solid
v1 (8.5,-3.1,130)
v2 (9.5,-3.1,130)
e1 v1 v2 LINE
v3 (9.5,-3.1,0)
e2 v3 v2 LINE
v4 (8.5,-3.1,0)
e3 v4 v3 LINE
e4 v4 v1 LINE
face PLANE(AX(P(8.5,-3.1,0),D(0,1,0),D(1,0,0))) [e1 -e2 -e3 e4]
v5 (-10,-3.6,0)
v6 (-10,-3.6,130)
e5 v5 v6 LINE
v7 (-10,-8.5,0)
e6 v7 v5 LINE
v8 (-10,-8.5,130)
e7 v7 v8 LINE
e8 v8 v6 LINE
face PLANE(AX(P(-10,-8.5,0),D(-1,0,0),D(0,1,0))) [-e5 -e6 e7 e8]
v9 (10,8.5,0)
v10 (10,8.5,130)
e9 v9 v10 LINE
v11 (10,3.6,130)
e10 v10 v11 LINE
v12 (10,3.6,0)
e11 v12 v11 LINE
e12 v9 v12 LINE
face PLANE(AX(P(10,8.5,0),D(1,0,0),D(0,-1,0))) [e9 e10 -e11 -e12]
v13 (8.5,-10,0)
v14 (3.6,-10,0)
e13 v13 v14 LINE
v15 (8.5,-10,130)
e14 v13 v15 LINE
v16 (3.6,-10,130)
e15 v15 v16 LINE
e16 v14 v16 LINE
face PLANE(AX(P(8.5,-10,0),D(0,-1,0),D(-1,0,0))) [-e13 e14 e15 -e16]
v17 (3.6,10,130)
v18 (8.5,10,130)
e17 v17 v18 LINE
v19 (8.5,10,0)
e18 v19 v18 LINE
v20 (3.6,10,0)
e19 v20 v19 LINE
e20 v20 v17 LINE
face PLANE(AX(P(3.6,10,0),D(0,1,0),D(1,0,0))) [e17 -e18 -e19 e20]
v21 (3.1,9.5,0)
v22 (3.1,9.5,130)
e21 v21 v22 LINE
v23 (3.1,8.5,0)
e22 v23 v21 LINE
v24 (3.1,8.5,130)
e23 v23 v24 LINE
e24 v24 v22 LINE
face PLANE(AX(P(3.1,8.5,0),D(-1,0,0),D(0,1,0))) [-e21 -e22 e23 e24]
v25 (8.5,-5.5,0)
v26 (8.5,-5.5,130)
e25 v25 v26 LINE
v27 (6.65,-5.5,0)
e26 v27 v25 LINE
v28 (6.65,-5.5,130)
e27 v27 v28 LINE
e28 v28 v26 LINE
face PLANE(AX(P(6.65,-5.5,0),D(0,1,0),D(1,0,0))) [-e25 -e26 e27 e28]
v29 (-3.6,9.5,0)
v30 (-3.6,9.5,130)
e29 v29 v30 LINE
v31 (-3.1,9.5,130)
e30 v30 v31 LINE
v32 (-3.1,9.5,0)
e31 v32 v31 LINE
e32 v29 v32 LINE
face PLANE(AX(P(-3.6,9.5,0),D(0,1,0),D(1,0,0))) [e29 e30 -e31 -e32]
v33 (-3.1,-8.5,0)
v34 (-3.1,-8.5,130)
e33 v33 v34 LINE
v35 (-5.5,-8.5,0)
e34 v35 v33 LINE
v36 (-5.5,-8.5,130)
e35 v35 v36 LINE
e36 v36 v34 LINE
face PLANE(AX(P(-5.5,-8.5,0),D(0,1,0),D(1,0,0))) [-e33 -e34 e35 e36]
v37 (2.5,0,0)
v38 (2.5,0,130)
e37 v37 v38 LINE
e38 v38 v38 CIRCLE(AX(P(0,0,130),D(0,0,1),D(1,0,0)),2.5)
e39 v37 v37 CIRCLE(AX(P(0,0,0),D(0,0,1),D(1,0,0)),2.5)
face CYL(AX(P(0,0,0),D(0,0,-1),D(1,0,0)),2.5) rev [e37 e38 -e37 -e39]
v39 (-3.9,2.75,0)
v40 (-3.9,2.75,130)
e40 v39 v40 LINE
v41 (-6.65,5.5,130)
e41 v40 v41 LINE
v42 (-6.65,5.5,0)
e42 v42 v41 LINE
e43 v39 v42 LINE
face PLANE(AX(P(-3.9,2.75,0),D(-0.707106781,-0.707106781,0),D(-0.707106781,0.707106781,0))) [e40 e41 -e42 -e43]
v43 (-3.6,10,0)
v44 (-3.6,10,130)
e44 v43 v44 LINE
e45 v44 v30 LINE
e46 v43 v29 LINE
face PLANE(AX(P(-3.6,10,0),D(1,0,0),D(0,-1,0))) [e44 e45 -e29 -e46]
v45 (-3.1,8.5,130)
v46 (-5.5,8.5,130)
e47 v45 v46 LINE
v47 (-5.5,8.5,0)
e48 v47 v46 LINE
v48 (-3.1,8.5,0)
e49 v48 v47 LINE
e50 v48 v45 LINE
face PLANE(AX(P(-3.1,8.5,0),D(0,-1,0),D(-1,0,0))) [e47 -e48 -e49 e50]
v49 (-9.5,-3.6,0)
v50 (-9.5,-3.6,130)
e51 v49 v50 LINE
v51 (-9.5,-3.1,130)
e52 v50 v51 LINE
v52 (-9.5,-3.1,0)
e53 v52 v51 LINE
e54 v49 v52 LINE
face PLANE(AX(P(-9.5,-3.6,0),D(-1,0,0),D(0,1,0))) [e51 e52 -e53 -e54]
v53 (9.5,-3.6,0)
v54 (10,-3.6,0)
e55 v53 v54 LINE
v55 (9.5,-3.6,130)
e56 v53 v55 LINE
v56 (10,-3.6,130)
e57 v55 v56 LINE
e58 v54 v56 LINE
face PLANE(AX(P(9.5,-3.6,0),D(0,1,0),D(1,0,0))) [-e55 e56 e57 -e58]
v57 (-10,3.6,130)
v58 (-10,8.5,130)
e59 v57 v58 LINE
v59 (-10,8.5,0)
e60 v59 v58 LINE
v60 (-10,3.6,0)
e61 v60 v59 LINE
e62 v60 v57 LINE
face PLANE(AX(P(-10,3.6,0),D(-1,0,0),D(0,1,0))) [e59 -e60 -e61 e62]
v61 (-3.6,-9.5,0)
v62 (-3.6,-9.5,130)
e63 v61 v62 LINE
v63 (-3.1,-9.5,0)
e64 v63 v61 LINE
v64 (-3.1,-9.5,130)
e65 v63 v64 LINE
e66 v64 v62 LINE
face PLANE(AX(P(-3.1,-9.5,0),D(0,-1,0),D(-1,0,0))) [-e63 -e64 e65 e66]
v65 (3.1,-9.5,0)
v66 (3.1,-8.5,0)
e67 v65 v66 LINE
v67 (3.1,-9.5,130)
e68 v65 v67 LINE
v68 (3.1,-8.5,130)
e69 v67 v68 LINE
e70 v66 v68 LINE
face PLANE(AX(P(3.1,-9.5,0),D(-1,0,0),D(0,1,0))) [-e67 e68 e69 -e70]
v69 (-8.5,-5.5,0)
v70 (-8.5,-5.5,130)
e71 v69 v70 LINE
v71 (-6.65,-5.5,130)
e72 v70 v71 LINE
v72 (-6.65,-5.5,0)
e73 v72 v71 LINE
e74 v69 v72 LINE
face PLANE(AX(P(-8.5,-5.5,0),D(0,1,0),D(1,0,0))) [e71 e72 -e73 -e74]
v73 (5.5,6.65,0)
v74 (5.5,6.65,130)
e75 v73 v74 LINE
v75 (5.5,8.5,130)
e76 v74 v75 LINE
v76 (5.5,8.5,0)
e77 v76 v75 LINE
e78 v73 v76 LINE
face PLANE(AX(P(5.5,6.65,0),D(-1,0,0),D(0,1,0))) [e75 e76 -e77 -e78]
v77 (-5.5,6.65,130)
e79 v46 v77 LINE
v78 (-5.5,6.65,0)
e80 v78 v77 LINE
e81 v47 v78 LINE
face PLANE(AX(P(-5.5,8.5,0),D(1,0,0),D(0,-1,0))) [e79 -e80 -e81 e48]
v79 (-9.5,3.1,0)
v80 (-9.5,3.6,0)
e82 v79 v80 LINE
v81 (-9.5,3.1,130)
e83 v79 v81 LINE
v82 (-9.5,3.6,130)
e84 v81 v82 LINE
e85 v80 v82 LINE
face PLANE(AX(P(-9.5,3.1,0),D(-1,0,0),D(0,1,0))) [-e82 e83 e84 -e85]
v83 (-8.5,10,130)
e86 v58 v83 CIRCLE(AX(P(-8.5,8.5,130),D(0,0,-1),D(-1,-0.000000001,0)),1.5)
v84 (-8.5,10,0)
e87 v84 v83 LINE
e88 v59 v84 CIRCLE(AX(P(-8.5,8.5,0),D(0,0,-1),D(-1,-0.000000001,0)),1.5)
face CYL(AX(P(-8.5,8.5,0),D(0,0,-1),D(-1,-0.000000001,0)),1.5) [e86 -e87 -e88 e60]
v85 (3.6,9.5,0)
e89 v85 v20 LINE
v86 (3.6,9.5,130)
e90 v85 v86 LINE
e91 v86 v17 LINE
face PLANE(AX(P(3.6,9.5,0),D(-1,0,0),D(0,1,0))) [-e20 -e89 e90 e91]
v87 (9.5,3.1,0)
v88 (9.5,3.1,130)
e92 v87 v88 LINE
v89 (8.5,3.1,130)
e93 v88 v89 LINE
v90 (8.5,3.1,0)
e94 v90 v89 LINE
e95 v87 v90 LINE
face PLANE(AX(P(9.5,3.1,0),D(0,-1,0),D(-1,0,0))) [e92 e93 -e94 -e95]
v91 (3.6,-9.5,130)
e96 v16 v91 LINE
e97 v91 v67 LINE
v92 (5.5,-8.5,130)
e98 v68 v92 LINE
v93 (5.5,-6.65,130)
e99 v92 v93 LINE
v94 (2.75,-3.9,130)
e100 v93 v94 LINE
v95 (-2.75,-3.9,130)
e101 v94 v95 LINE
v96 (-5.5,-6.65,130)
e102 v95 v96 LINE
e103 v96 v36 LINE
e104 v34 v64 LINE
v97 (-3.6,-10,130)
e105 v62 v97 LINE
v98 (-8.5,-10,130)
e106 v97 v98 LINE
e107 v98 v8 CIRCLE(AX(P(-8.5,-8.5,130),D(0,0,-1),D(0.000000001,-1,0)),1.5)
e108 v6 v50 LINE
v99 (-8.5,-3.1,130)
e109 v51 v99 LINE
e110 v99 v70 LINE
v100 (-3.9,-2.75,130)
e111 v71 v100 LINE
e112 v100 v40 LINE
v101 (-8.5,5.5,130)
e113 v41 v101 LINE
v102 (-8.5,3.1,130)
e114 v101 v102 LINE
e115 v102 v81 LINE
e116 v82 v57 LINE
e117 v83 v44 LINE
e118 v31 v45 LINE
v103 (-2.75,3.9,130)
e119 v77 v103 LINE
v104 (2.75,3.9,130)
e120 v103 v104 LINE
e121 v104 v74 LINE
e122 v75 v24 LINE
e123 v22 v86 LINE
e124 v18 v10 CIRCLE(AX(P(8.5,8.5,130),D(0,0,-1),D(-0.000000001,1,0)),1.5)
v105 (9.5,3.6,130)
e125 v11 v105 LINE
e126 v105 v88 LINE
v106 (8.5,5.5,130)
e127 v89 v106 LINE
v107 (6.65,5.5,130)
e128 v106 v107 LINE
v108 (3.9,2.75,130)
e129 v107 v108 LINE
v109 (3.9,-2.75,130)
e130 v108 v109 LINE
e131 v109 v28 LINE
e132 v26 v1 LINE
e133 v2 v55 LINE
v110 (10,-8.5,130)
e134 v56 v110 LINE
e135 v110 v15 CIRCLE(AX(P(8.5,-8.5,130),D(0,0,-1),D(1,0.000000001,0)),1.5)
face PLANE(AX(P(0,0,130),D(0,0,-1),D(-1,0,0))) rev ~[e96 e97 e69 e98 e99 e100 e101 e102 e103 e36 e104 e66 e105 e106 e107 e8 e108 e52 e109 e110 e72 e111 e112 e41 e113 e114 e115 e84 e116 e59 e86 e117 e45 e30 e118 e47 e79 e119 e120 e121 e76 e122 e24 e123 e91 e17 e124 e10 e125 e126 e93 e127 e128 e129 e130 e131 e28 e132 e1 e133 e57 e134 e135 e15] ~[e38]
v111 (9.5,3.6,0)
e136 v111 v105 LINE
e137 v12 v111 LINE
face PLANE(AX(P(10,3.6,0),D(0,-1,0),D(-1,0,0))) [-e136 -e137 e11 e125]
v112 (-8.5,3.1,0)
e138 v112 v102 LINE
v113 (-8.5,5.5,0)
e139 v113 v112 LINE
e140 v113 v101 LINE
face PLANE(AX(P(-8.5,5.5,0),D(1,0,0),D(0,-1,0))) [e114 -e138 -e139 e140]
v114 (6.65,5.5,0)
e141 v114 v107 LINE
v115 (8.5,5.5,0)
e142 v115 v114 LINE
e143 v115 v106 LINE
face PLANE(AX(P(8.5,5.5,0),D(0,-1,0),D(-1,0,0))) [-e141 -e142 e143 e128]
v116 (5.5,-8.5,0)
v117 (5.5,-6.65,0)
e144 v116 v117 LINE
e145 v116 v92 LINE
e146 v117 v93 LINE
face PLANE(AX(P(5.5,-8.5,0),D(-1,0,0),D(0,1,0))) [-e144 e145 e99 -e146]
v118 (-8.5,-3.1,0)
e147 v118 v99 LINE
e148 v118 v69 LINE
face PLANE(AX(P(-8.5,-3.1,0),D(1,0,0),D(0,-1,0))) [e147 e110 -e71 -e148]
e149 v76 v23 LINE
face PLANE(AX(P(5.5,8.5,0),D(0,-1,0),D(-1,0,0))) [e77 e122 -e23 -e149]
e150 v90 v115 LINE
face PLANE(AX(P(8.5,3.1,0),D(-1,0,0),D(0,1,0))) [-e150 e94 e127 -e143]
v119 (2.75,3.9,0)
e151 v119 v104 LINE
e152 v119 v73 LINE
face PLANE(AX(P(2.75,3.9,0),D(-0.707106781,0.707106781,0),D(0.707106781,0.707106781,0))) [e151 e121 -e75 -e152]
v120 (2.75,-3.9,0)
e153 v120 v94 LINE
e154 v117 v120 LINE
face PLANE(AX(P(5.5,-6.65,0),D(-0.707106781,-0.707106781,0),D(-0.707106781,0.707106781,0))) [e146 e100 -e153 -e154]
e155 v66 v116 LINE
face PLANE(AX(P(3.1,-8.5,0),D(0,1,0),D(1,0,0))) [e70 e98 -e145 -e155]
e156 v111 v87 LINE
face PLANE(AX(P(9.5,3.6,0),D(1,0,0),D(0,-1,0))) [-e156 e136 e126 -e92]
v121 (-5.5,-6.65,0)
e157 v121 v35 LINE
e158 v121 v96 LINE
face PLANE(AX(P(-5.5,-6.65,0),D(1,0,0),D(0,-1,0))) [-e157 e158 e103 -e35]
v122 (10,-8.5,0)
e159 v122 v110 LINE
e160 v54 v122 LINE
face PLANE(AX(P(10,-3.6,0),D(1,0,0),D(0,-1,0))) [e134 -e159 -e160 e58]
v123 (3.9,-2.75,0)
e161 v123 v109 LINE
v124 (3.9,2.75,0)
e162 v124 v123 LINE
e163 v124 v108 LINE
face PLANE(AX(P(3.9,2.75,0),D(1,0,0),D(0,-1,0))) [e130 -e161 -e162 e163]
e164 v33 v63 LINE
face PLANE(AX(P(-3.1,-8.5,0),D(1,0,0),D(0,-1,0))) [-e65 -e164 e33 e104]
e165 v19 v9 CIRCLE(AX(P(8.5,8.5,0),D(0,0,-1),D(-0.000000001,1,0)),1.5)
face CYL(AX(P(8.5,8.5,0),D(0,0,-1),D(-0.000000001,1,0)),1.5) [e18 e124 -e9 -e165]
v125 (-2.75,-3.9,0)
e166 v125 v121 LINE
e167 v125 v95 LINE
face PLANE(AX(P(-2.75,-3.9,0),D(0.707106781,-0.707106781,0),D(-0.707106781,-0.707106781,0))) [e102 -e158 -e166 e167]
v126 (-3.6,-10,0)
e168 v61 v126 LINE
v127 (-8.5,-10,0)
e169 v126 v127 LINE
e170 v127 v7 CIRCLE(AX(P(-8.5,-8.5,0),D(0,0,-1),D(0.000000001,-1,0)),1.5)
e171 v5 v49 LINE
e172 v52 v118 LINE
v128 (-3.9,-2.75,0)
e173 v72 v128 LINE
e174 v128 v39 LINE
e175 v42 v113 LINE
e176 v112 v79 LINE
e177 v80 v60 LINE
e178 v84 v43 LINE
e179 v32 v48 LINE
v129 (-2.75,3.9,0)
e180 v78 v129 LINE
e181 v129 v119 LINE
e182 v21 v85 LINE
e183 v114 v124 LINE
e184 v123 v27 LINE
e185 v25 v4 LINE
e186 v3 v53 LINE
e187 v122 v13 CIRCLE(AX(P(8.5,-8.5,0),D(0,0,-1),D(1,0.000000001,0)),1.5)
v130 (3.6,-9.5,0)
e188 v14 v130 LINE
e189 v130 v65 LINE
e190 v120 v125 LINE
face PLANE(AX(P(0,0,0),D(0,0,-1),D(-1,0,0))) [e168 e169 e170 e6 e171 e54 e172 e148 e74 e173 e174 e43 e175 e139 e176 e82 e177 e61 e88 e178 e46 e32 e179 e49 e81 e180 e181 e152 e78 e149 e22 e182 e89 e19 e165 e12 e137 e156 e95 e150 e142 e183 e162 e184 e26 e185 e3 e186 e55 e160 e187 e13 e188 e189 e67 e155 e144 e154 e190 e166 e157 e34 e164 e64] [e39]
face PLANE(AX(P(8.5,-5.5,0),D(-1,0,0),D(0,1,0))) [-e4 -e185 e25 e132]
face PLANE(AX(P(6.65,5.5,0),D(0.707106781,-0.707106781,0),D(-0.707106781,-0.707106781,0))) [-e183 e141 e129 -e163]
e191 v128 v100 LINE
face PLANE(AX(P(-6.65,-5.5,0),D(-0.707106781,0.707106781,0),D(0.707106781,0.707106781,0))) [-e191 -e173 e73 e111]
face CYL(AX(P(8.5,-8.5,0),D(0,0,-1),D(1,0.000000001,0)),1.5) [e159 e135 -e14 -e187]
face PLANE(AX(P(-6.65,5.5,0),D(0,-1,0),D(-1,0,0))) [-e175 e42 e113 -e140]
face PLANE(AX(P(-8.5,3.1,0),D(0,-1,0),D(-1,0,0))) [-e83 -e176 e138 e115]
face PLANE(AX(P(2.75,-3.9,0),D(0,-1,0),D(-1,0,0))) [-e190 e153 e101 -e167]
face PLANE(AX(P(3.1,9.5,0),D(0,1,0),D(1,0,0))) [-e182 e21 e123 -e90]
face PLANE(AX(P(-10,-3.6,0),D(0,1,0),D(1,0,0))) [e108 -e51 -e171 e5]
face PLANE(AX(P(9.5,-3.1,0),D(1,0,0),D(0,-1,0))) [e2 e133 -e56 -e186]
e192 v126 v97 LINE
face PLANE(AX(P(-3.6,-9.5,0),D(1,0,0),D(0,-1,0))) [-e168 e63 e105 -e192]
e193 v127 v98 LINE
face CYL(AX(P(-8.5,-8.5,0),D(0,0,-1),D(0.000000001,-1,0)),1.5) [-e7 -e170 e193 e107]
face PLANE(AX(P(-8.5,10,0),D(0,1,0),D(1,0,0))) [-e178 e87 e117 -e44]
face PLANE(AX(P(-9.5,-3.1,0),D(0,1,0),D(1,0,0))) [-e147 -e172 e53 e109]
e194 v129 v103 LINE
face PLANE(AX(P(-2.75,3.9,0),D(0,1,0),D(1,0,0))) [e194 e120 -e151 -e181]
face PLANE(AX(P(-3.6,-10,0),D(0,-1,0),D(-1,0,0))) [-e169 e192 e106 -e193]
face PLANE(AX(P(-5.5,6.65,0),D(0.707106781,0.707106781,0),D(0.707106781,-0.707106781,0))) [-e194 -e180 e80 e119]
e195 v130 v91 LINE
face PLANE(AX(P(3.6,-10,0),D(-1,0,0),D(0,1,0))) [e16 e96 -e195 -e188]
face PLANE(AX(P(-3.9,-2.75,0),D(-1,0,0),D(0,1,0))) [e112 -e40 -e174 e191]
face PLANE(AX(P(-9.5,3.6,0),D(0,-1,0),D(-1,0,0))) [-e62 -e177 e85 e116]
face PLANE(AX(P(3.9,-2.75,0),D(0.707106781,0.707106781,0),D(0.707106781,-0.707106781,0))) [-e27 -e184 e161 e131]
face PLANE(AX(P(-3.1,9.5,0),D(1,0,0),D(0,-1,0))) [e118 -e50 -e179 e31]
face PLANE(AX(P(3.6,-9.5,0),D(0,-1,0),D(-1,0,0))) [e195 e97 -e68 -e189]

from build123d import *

# Parameters (mm, degrees)
SKETCH_2_R      = 2.5
EXTRUDE_1_DEPTH = 130


with BuildPart() as part:
    # 草图2 → 凸台-拉伸1 (new body)
    with BuildSketch(Plane.XY):
        with BuildLine():
            Line((-3.6, 10), (-3.6, 9.5))
            Line((-3.6, 9.5), (-3.1, 9.5))
            Line((-3.1, 9.5), (-3.1, 8.5))
            Line((-3.1, 8.5), (-5.5, 8.5))
            Line((-5.5, 8.5), (-5.5, 6.65))
            Line((-5.5, 6.65), (-2.75, 3.9))
            Line((-2.75, 3.9), (2.75, 3.9))
            Line((2.75, 3.9), (5.5, 6.65))
            Line((5.5, 6.65), (5.5, 8.5))
            Line((5.5, 8.5), (3.1, 8.5))
            Line((3.1, 8.5), (3.1, 9.5))
            Line((3.1, 9.5), (3.6, 9.5))
            Line((3.6, 9.5), (3.6, 10))
            Line((3.6, 10), (8.5, 10))
            ThreePointArc((8.5, 10), (9.560660172, 9.560660172), (10, 8.5))
            Line((10, 8.5), (10, 3.6))
            Line((10, 3.6), (9.5, 3.6))
            Line((9.5, 3.6), (9.5, 3.1))
            Line((9.5, 3.1), (8.5, 3.1))
            Line((8.5, 3.1), (8.5, 5.5))
            Line((8.5, 5.5), (6.65, 5.5))
            Line((6.65, 5.5), (3.9, 2.75))
            Line((3.9, 2.75), (3.9, -2.75))
            Line((3.9, -2.75), (6.65, -5.5))
            Line((6.65, -5.5), (8.5, -5.5))
            Line((8.5, -5.5), (8.5, -3.1))
            Line((8.5, -3.1), (9.5, -3.1))
            Line((9.5, -3.1), (9.5, -3.6))
            Line((9.5, -3.6), (10, -3.6))
            Line((10, -3.6), (10, -8.5))
            ThreePointArc((10, -8.5), (9.560660172, -9.560660172), (8.5, -10))
            Line((8.5, -10), (3.6, -10))
            Line((3.6, -10), (3.6, -9.5))
            Line((3.6, -9.5), (3.1, -9.5))
            Line((3.1, -9.5), (3.1, -8.5))
            Line((3.1, -8.5), (5.5, -8.5))
            Line((5.5, -8.5), (5.5, -6.65))
            Line((5.5, -6.65), (2.75, -3.9))
            Line((2.75, -3.9), (-2.75, -3.9))
            Line((-2.75, -3.9), (-5.5, -6.65))
            Line((-5.5, -6.65), (-5.5, -8.5))
            Line((-5.5, -8.5), (-3.1, -8.5))
            Line((-3.1, -8.5), (-3.1, -9.5))
            Line((-3.1, -9.5), (-3.6, -9.5))
            Line((-3.6, -9.5), (-3.6, -10))
            Line((-3.6, -10), (-8.5, -10))
            ThreePointArc((-8.5, -10), (-9.560660172, -9.560660172), (-10, -8.5))
            Line((-10, -8.5), (-10, -3.6))
            Line((-10, -3.6), (-9.5, -3.6))
            Line((-9.5, -3.6), (-9.5, -3.1))
            Line((-9.5, -3.1), (-8.5, -3.1))
            Line((-8.5, -3.1), (-8.5, -5.5))
            Line((-8.5, -5.5), (-6.65, -5.5))
            Line((-6.65, -5.5), (-3.9, -2.75))
            Line((-3.9, -2.75), (-3.9, 2.75))
            Line((-3.9, 2.75), (-6.65, 5.5))
            Line((-6.65, 5.5), (-8.5, 5.5))
            Line((-8.5, 5.5), (-8.5, 3.1))
            Line((-8.5, 3.1), (-9.5, 3.1))
            Line((-9.5, 3.1), (-9.5, 3.6))
            Line((-9.5, 3.6), (-10, 3.6))
            Line((-10, 3.6), (-10, 8.5))
            ThreePointArc((-10, 8.5), (-9.560660172, 9.560660172), (-8.5, 10))
            Line((-8.5, 10), (-3.6, 10))
        make_face()
        Circle(SKETCH_2_R, mode=Mode.SUBTRACT)
    extrude(amount=EXTRUDE_1_DEPTH)


solid = part.part
